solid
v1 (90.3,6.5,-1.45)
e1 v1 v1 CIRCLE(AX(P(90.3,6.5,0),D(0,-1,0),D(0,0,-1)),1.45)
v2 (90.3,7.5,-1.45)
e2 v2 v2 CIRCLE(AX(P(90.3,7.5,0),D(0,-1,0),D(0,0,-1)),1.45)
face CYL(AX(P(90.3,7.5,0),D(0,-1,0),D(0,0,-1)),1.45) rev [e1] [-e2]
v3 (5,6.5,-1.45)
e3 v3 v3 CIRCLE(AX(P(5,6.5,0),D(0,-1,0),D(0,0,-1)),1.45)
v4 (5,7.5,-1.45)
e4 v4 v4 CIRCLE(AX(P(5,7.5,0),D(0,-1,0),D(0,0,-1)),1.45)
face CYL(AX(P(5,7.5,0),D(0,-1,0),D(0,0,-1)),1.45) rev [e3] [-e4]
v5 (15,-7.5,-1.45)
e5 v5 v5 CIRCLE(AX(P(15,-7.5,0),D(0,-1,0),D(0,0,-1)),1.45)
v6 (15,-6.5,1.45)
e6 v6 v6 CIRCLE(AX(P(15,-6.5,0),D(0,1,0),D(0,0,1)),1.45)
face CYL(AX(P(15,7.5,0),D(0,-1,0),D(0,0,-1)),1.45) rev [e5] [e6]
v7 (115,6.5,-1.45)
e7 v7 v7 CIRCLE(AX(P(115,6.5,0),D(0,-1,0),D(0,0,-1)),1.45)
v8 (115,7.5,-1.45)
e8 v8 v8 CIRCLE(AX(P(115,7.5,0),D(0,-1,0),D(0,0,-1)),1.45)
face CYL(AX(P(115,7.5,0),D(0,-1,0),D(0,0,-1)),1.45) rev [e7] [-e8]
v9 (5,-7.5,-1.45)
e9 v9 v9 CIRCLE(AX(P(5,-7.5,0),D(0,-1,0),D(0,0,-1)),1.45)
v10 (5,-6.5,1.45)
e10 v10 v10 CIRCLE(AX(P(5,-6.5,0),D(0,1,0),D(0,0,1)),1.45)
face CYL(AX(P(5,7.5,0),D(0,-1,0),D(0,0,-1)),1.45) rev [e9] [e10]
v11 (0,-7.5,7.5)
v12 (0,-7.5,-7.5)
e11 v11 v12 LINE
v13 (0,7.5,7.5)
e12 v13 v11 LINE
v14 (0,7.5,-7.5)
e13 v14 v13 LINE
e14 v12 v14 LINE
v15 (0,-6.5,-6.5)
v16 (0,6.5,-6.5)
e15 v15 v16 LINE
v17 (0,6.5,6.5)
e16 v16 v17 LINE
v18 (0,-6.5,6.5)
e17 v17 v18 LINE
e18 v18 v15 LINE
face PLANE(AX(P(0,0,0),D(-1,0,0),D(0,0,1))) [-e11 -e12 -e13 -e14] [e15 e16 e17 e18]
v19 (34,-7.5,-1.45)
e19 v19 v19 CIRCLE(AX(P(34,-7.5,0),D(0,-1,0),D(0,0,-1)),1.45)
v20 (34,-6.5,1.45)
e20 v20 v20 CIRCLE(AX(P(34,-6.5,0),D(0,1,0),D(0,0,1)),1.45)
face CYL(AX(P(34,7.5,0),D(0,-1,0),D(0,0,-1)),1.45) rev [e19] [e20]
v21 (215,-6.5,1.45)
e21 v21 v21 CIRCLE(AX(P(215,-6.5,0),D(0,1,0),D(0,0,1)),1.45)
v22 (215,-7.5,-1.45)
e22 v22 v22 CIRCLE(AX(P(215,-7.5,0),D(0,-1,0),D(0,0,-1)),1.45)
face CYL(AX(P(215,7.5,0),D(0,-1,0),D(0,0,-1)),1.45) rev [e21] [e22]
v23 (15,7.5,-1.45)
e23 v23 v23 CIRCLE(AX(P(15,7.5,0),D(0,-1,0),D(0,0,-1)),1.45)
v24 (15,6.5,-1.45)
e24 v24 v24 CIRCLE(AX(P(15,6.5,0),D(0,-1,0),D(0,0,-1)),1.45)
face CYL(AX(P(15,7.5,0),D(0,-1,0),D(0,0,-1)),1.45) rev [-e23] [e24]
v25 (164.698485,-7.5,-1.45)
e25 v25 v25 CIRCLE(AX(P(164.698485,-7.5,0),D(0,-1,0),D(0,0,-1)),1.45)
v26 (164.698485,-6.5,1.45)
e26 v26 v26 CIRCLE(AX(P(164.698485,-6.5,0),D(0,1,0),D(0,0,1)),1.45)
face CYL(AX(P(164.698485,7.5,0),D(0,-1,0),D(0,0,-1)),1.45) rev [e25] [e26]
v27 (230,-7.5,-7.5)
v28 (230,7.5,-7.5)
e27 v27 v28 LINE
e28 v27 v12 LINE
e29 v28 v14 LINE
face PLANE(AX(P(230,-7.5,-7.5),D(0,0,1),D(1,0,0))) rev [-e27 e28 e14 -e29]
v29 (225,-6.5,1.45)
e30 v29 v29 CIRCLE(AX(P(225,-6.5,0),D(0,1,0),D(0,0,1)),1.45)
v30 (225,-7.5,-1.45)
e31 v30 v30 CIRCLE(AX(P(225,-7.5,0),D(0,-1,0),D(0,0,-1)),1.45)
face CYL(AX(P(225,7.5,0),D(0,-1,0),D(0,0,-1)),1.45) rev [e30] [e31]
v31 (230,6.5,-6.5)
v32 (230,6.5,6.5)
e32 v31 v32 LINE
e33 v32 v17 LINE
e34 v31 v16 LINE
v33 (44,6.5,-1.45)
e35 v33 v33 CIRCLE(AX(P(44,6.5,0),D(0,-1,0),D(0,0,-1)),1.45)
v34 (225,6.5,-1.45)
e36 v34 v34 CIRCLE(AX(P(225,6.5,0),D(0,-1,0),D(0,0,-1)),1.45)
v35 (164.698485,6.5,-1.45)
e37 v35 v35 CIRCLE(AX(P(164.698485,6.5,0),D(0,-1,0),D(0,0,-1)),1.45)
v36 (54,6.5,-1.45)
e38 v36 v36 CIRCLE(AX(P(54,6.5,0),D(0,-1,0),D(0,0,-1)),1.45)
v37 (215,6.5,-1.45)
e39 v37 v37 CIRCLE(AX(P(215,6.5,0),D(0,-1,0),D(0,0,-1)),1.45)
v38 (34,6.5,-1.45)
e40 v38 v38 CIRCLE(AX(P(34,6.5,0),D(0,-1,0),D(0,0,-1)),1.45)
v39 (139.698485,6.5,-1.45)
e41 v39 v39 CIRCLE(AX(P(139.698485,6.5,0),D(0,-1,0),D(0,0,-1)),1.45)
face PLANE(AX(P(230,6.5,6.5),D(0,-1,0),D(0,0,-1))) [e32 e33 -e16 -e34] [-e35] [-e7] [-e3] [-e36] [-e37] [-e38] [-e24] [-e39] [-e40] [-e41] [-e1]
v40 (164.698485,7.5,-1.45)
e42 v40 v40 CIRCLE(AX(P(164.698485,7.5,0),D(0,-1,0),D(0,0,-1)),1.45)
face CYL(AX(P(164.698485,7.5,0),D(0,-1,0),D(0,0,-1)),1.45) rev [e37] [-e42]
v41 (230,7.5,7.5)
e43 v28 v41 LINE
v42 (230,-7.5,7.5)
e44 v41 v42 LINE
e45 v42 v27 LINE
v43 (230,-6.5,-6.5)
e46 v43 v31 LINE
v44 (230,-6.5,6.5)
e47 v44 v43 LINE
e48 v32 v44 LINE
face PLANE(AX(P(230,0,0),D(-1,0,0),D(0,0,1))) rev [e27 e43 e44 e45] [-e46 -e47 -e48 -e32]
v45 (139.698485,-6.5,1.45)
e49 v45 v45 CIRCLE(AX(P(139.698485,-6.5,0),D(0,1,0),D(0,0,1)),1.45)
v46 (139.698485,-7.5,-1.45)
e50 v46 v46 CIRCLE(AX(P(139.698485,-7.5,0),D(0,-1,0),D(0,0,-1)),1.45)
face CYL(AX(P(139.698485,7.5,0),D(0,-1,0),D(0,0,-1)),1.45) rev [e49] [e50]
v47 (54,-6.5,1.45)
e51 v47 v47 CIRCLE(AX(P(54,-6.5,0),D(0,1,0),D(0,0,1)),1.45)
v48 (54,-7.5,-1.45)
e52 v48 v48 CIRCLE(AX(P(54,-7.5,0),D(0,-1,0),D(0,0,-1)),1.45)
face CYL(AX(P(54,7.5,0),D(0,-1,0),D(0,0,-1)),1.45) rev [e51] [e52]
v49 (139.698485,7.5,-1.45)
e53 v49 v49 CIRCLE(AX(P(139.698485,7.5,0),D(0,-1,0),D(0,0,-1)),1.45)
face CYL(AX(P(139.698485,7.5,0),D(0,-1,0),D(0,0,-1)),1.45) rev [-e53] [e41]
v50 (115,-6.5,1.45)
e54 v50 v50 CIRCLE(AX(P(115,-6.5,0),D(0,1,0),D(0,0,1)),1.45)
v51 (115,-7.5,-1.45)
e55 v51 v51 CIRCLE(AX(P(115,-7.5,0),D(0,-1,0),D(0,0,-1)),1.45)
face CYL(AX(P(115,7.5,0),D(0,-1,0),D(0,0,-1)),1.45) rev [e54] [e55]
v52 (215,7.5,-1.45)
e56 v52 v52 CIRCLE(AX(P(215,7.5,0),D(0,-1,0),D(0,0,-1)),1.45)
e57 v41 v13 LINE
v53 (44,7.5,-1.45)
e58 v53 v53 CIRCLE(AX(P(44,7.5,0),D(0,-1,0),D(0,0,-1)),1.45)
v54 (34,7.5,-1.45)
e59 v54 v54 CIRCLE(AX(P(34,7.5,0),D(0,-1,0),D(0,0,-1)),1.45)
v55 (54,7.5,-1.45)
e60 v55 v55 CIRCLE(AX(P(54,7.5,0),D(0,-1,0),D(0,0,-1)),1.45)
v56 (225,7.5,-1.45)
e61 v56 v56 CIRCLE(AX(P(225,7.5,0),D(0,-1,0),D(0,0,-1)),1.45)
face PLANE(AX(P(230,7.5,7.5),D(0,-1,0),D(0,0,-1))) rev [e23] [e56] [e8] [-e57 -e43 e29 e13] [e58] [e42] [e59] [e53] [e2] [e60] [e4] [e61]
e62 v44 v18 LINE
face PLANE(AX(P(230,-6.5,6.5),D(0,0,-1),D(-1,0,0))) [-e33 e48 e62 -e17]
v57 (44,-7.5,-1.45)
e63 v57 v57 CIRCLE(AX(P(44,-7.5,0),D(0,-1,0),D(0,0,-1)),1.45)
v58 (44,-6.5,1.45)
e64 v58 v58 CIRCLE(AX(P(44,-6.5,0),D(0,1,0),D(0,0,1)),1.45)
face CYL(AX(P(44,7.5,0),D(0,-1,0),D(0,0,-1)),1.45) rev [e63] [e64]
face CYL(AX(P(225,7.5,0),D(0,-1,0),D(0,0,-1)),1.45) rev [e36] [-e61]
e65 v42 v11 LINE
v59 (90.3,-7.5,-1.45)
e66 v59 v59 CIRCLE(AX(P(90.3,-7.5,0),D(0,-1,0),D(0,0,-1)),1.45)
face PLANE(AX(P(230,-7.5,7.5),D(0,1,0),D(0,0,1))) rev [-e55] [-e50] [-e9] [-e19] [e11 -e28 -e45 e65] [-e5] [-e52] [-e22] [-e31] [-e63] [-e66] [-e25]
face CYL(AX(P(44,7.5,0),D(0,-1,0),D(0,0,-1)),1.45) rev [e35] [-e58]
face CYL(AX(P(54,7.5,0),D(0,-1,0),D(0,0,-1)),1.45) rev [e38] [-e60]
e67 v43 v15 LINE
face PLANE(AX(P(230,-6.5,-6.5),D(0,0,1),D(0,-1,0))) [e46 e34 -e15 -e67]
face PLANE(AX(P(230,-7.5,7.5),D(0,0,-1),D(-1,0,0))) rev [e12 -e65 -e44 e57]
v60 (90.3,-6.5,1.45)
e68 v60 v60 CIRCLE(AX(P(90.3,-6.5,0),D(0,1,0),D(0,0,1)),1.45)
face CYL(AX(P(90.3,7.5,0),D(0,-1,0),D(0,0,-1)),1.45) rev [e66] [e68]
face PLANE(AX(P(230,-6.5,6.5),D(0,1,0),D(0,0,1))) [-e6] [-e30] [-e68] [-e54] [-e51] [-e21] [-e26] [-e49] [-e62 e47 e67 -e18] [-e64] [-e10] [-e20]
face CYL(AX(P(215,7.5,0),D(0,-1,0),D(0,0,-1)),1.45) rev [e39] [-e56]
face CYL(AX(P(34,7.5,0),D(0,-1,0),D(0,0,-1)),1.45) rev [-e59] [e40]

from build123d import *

# Parameters (mm, degrees)
SKETCH_1_W          = 15
SKETCH_1_H          = 15
SKETCH_1_W_2        = 13
SKETCH_1_H_2        = 13
EXTRUDE_1_DEPTH     = 230
SKETCH_2_R          = 1.45
CUT_EXTRUDE_1_DEPTH = 231.610602532


with BuildPart() as part:
    # 草图1 → 凸台-拉伸1 (new body)
    with BuildSketch(Plane(origin=(0, 0, 0), x_dir=(0, 0, -1), z_dir=(1, 0, 0))):
        Rectangle(SKETCH_1_W, SKETCH_1_H)
        Rectangle(SKETCH_1_W_2, SKETCH_1_H_2, mode=Mode.SUBTRACT)
    extrude(amount=EXTRUDE_1_DEPTH)

    # 草图2 → 切除-拉伸1 (cut, through all)
    with BuildSketch(Plane.XZ.offset(7.5)):
        with Locations(Location((215, 0, 0), (0, 0, 270))):
            Circle(SKETCH_2_R)
        with Locations(Location((225, 0, 0), (0, 0, 270))):
            Circle(SKETCH_2_R)
        with Locations(Location((164.69848481, 0, 0), (0, 0, 270))):
            Circle(SKETCH_2_R)
        with Locations(Location((139.69848481, 0, 0), (0, 0, 270))):
            Circle(SKETCH_2_R)
        with Locations(Location((5, 0, 0), (0, 0, 270))):
            Circle(SKETCH_2_R)
        with Locations(Location((15, 0, 0), (0, 0, 270))):
            Circle(SKETCH_2_R)
        with Locations(Location((115, 0, 0), (0, 0, 270))):
            Circle(SKETCH_2_R)
        with Locations(Location((90.3, 0, 0), (0, 0, 270))):
            Circle(SKETCH_2_R)
        with Locations(Location((34, 0, 0), (0, 0, 270))):
            Circle(SKETCH_2_R)
        with Locations(Location((44, 0, 0), (0, 0, 270))):
            Circle(SKETCH_2_R)
        with Locations(Location((54, 0, 0), (0, 0, 270))):
            Circle(SKETCH_2_R)
    extrude(amount=-CUT_EXTRUDE_1_DEPTH, mode=Mode.SUBTRACT)


solid = part.part
